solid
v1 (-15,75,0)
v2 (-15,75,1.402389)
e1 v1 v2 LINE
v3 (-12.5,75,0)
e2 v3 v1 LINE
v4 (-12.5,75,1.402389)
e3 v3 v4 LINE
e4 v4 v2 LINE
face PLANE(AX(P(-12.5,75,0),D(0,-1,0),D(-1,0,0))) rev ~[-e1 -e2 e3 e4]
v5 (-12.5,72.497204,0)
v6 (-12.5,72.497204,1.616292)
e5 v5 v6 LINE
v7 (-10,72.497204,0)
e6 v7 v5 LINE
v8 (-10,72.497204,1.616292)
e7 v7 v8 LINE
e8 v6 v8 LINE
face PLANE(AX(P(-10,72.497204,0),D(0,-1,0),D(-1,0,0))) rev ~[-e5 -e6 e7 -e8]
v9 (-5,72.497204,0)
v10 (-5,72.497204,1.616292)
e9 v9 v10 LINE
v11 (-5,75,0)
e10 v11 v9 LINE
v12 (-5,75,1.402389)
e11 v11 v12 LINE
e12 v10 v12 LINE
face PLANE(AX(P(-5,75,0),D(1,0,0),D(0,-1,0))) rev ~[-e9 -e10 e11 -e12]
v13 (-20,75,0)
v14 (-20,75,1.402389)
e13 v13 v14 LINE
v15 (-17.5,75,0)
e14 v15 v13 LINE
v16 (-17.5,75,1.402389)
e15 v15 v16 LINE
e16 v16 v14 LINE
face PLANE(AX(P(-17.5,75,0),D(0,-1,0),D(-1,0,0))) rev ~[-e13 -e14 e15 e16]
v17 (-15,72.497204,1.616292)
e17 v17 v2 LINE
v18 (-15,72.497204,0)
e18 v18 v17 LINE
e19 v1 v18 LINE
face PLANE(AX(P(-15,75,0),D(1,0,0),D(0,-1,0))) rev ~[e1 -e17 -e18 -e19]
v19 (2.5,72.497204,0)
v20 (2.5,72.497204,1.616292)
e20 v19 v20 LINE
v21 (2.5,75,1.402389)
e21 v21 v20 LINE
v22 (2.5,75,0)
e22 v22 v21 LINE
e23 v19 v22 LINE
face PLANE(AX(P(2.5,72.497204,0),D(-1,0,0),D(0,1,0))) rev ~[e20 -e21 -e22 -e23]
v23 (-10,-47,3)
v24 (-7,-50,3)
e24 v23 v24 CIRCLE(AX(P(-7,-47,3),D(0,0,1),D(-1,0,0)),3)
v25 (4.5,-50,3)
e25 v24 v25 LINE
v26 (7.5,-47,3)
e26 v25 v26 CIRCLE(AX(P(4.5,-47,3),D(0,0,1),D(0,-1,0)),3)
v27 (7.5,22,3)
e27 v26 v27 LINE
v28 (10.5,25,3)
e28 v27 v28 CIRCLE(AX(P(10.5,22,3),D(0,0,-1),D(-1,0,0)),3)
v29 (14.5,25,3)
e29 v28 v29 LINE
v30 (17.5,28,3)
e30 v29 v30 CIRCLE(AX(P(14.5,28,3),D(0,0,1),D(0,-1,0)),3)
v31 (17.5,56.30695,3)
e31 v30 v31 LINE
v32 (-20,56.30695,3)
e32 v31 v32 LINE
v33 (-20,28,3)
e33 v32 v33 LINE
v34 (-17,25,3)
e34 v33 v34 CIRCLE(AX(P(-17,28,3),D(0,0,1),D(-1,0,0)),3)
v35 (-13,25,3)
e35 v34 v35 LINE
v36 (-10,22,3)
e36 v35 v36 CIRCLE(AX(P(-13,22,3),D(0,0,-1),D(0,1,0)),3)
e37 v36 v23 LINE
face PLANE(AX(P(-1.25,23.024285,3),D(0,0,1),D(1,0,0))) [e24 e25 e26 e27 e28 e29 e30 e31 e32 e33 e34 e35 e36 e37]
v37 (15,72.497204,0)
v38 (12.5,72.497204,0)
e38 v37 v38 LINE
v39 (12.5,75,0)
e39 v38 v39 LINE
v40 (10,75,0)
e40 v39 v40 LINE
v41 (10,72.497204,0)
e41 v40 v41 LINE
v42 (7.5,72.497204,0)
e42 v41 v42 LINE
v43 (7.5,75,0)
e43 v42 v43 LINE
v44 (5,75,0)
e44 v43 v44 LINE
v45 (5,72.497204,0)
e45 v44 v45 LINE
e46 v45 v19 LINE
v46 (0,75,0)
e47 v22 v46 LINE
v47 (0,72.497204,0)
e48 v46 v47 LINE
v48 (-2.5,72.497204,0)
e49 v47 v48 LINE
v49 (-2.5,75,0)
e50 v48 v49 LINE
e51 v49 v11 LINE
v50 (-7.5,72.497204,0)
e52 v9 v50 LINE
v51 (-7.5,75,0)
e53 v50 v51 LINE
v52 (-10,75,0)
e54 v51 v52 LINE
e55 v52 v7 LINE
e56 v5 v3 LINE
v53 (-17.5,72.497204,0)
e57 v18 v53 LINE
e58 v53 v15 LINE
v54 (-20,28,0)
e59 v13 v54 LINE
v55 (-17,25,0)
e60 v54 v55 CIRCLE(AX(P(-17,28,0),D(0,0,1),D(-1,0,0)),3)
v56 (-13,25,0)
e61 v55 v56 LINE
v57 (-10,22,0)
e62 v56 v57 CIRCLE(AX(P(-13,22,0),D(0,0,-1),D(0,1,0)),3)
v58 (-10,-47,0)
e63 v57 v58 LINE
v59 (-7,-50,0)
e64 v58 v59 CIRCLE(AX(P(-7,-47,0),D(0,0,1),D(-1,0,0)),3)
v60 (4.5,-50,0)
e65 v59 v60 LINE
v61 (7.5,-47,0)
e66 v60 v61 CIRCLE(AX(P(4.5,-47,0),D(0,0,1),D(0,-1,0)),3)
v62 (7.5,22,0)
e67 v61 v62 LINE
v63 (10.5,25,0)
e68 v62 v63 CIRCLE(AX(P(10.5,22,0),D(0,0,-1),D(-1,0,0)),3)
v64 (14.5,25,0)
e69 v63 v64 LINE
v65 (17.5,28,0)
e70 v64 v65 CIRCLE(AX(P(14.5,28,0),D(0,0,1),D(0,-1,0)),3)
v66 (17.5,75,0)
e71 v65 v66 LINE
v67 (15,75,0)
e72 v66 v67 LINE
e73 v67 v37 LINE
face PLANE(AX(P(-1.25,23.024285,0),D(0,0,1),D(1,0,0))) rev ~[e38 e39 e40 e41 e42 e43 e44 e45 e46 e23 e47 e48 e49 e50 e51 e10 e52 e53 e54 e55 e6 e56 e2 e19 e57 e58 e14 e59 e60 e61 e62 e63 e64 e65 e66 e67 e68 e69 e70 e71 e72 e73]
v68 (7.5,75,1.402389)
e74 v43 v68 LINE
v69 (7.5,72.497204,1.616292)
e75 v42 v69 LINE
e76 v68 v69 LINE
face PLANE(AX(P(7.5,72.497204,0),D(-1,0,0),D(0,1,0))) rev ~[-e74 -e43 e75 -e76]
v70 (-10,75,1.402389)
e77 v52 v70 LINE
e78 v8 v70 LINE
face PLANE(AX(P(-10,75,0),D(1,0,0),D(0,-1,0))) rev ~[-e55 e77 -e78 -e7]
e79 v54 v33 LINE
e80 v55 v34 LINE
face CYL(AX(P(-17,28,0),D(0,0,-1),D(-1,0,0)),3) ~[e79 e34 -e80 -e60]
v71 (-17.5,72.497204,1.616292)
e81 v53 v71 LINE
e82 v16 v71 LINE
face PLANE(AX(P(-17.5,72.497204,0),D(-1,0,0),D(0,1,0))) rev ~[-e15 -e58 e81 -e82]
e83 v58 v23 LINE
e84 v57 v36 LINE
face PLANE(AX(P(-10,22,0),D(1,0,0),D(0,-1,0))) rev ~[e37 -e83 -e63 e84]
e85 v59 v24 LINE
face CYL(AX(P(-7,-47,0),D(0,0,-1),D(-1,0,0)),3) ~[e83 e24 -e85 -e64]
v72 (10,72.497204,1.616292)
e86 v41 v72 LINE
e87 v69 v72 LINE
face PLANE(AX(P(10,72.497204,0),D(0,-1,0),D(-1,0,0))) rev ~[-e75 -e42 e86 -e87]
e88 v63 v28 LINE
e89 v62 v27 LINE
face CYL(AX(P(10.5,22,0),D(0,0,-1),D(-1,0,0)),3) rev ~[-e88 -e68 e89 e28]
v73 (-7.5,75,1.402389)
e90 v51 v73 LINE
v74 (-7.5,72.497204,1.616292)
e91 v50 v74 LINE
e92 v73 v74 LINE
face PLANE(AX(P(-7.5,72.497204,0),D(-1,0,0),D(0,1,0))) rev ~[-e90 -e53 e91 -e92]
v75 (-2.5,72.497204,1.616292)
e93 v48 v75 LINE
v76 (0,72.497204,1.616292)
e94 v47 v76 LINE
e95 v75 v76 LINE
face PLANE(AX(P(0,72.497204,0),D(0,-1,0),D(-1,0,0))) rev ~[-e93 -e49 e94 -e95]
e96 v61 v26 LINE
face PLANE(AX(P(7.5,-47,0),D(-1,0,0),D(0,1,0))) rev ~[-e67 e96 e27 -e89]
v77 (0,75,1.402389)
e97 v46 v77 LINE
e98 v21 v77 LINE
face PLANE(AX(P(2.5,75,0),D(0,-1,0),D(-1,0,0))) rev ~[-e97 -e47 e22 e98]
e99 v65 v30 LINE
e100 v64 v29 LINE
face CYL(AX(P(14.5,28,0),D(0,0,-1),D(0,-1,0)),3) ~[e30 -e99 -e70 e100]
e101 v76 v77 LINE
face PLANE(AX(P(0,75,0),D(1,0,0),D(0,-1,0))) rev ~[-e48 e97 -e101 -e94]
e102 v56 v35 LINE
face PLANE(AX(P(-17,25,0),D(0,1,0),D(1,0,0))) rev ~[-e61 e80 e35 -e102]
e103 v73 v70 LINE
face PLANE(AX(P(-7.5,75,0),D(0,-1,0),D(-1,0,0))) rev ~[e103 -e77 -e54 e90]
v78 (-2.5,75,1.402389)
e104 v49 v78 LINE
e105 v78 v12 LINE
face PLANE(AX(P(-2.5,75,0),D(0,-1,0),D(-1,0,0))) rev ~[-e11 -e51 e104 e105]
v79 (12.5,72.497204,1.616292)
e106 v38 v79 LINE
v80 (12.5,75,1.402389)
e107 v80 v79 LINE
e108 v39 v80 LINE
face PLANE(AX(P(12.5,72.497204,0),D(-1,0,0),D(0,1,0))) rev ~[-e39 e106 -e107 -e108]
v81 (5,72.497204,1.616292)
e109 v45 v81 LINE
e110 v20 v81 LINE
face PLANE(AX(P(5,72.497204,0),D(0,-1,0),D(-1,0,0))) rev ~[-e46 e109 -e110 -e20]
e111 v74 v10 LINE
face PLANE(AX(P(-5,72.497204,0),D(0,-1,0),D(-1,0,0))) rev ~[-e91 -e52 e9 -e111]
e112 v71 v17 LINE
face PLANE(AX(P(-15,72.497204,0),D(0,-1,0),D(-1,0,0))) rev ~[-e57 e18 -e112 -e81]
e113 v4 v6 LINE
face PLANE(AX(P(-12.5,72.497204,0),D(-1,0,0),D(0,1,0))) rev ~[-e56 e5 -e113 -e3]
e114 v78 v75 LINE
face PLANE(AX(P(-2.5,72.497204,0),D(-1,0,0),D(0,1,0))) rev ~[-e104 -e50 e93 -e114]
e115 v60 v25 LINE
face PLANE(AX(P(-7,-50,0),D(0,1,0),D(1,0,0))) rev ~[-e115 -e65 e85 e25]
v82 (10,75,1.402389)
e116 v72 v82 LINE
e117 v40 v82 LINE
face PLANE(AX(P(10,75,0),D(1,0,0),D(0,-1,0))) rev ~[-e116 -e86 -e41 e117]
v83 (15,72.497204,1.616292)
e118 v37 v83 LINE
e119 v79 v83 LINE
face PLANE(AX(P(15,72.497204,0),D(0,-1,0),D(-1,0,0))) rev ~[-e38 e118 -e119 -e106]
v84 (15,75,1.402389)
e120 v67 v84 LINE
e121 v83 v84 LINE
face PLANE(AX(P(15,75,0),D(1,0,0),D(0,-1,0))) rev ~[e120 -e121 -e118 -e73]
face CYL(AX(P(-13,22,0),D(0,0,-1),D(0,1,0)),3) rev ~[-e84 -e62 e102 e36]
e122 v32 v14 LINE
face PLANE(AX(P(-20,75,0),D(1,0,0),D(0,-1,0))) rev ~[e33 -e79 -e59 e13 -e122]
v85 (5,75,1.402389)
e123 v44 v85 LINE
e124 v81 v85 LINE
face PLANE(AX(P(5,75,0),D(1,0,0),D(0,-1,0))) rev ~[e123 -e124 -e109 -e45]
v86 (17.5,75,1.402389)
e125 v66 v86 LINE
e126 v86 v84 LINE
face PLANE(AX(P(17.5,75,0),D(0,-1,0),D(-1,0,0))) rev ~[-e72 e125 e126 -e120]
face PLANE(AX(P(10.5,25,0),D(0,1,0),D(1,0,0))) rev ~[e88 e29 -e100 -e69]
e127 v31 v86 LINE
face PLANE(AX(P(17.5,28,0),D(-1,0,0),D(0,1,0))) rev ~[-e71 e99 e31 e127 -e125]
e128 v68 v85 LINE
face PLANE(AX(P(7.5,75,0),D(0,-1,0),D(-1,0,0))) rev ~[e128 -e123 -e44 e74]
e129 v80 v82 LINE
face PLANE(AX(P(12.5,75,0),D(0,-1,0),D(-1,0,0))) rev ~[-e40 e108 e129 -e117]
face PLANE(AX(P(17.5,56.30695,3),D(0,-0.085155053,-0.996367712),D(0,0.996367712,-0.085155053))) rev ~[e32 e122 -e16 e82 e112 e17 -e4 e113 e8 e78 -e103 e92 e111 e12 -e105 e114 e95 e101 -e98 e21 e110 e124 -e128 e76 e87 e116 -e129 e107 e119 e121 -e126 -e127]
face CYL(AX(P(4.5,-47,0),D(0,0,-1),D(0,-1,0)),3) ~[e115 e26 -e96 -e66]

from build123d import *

# Parameters (mm, degrees)
F1_DEPTH = 3
F3_DEPTH = 65


with BuildPart() as f1:
    # F0 (on Top) → F1 (new body)
    with BuildSketch(Plane.XY):
        with BuildLine():
            Line((-17.5, 75), (-20, 75))
            Line((-20, 75), (-20, 72.5))
            Line((-20, 72.5), (-20, 28))
            ThreePointArc((-20, 28), (-19.1213203436, 25.8786796564), (-17, 25))
            Line((-17, 25), (-13, 25))
            ThreePointArc((-13, 25), (-10.8786796564, 24.1213203436), (-10, 22))
            Line((-10, 22), (-10, -47))
            ThreePointArc((-10, -47), (-9.1213203436, -49.1213203436), (-7, -50))
            Line((-7, -50), (-1.25, -50))
            Line((-1.25, -50), (4.5, -50))
            ThreePointArc((4.5, -50), (6.6213203436, -49.1213203436), (7.5, -47))
            Line((7.5, -47), (7.5, 22))
            ThreePointArc((7.5, 22), (8.3786796564, 24.1213203436), (10.5, 25))
            Line((10.5, 25), (14.5, 25))
            ThreePointArc((14.5, 25), (16.6213203436, 25.8786796564), (17.5, 28))
            Line((17.5, 28), (17.5, 75))
            Line((17.5, 75), (15, 75))
            Line((15, 75), (15, 72.4972039461))
            Line((15, 72.4972039461), (12.5, 72.4972039461))
            Line((12.5, 72.4972039461), (12.5, 75))
            Line((12.5, 75), (10, 75))
            Line((10, 75), (10, 72.4972039461))
            Line((10, 72.4972039461), (7.5, 72.4972039461))
            Line((7.5, 72.4972039461), (7.5, 75))
            Line((7.5, 75), (5, 75))
            Line((5, 75), (5, 72.4972039461))
            Line((5, 72.4972039461), (2.5, 72.4972039461))
            Line((2.5, 72.4972039461), (2.5, 75))
            Line((2.5, 75), (0, 75))
            Line((0, 75), (0, 72.4972039461))
            Line((0, 72.4972039461), (-1.25, 72.4972039461))
            Line((-1.25, 72.4972039461), (-2.5, 72.4972039461))
            Line((-2.5, 72.4972039461), (-2.5, 75))
            Line((-2.5, 75), (-5, 75))
            Line((-5, 75), (-5, 72.4972039461))
            Line((-5, 72.4972039461), (-7.5, 72.4972039461))
            Line((-7.5, 72.4972039461), (-7.5, 75))
            Line((-7.5, 75), (-10, 75))
            Line((-10, 75), (-10, 72.4972039461))
            Line((-10, 72.4972039461), (-12.5, 72.4972039461))
            Line((-12.5, 72.4972039461), (-12.5, 75))
            Line((-12.5, 75), (-15, 75))
            Line((-15, 75), (-15, 72.4972039461))
            Line((-15, 72.4972039461), (-17.5, 72.4972039461))
            Line((-17.5, 72.4972039461), (-17.5, 72.5))
            Line((-17.5, 72.5), (-17.5, 75))
        make_face()
    extrude(amount=F1_DEPTH)

    # F2 (on face) → F3 (cut)
    with BuildSketch(Plane.YZ.offset(17.5)):
        Polygon((75, 1.402389338), (78.919917345, 1.0673716897), (79.0749490261, 6.6061792895), (41.3183644414, 4.2810067534), (56.3069497208, 3), (75, 3), align=None)
        Polygon((56.3069497208, 3), (75, 1.402389338), (75, 3), align=None)
    extrude(amount=-F3_DEPTH, mode=Mode.SUBTRACT)


solid = f1.part
